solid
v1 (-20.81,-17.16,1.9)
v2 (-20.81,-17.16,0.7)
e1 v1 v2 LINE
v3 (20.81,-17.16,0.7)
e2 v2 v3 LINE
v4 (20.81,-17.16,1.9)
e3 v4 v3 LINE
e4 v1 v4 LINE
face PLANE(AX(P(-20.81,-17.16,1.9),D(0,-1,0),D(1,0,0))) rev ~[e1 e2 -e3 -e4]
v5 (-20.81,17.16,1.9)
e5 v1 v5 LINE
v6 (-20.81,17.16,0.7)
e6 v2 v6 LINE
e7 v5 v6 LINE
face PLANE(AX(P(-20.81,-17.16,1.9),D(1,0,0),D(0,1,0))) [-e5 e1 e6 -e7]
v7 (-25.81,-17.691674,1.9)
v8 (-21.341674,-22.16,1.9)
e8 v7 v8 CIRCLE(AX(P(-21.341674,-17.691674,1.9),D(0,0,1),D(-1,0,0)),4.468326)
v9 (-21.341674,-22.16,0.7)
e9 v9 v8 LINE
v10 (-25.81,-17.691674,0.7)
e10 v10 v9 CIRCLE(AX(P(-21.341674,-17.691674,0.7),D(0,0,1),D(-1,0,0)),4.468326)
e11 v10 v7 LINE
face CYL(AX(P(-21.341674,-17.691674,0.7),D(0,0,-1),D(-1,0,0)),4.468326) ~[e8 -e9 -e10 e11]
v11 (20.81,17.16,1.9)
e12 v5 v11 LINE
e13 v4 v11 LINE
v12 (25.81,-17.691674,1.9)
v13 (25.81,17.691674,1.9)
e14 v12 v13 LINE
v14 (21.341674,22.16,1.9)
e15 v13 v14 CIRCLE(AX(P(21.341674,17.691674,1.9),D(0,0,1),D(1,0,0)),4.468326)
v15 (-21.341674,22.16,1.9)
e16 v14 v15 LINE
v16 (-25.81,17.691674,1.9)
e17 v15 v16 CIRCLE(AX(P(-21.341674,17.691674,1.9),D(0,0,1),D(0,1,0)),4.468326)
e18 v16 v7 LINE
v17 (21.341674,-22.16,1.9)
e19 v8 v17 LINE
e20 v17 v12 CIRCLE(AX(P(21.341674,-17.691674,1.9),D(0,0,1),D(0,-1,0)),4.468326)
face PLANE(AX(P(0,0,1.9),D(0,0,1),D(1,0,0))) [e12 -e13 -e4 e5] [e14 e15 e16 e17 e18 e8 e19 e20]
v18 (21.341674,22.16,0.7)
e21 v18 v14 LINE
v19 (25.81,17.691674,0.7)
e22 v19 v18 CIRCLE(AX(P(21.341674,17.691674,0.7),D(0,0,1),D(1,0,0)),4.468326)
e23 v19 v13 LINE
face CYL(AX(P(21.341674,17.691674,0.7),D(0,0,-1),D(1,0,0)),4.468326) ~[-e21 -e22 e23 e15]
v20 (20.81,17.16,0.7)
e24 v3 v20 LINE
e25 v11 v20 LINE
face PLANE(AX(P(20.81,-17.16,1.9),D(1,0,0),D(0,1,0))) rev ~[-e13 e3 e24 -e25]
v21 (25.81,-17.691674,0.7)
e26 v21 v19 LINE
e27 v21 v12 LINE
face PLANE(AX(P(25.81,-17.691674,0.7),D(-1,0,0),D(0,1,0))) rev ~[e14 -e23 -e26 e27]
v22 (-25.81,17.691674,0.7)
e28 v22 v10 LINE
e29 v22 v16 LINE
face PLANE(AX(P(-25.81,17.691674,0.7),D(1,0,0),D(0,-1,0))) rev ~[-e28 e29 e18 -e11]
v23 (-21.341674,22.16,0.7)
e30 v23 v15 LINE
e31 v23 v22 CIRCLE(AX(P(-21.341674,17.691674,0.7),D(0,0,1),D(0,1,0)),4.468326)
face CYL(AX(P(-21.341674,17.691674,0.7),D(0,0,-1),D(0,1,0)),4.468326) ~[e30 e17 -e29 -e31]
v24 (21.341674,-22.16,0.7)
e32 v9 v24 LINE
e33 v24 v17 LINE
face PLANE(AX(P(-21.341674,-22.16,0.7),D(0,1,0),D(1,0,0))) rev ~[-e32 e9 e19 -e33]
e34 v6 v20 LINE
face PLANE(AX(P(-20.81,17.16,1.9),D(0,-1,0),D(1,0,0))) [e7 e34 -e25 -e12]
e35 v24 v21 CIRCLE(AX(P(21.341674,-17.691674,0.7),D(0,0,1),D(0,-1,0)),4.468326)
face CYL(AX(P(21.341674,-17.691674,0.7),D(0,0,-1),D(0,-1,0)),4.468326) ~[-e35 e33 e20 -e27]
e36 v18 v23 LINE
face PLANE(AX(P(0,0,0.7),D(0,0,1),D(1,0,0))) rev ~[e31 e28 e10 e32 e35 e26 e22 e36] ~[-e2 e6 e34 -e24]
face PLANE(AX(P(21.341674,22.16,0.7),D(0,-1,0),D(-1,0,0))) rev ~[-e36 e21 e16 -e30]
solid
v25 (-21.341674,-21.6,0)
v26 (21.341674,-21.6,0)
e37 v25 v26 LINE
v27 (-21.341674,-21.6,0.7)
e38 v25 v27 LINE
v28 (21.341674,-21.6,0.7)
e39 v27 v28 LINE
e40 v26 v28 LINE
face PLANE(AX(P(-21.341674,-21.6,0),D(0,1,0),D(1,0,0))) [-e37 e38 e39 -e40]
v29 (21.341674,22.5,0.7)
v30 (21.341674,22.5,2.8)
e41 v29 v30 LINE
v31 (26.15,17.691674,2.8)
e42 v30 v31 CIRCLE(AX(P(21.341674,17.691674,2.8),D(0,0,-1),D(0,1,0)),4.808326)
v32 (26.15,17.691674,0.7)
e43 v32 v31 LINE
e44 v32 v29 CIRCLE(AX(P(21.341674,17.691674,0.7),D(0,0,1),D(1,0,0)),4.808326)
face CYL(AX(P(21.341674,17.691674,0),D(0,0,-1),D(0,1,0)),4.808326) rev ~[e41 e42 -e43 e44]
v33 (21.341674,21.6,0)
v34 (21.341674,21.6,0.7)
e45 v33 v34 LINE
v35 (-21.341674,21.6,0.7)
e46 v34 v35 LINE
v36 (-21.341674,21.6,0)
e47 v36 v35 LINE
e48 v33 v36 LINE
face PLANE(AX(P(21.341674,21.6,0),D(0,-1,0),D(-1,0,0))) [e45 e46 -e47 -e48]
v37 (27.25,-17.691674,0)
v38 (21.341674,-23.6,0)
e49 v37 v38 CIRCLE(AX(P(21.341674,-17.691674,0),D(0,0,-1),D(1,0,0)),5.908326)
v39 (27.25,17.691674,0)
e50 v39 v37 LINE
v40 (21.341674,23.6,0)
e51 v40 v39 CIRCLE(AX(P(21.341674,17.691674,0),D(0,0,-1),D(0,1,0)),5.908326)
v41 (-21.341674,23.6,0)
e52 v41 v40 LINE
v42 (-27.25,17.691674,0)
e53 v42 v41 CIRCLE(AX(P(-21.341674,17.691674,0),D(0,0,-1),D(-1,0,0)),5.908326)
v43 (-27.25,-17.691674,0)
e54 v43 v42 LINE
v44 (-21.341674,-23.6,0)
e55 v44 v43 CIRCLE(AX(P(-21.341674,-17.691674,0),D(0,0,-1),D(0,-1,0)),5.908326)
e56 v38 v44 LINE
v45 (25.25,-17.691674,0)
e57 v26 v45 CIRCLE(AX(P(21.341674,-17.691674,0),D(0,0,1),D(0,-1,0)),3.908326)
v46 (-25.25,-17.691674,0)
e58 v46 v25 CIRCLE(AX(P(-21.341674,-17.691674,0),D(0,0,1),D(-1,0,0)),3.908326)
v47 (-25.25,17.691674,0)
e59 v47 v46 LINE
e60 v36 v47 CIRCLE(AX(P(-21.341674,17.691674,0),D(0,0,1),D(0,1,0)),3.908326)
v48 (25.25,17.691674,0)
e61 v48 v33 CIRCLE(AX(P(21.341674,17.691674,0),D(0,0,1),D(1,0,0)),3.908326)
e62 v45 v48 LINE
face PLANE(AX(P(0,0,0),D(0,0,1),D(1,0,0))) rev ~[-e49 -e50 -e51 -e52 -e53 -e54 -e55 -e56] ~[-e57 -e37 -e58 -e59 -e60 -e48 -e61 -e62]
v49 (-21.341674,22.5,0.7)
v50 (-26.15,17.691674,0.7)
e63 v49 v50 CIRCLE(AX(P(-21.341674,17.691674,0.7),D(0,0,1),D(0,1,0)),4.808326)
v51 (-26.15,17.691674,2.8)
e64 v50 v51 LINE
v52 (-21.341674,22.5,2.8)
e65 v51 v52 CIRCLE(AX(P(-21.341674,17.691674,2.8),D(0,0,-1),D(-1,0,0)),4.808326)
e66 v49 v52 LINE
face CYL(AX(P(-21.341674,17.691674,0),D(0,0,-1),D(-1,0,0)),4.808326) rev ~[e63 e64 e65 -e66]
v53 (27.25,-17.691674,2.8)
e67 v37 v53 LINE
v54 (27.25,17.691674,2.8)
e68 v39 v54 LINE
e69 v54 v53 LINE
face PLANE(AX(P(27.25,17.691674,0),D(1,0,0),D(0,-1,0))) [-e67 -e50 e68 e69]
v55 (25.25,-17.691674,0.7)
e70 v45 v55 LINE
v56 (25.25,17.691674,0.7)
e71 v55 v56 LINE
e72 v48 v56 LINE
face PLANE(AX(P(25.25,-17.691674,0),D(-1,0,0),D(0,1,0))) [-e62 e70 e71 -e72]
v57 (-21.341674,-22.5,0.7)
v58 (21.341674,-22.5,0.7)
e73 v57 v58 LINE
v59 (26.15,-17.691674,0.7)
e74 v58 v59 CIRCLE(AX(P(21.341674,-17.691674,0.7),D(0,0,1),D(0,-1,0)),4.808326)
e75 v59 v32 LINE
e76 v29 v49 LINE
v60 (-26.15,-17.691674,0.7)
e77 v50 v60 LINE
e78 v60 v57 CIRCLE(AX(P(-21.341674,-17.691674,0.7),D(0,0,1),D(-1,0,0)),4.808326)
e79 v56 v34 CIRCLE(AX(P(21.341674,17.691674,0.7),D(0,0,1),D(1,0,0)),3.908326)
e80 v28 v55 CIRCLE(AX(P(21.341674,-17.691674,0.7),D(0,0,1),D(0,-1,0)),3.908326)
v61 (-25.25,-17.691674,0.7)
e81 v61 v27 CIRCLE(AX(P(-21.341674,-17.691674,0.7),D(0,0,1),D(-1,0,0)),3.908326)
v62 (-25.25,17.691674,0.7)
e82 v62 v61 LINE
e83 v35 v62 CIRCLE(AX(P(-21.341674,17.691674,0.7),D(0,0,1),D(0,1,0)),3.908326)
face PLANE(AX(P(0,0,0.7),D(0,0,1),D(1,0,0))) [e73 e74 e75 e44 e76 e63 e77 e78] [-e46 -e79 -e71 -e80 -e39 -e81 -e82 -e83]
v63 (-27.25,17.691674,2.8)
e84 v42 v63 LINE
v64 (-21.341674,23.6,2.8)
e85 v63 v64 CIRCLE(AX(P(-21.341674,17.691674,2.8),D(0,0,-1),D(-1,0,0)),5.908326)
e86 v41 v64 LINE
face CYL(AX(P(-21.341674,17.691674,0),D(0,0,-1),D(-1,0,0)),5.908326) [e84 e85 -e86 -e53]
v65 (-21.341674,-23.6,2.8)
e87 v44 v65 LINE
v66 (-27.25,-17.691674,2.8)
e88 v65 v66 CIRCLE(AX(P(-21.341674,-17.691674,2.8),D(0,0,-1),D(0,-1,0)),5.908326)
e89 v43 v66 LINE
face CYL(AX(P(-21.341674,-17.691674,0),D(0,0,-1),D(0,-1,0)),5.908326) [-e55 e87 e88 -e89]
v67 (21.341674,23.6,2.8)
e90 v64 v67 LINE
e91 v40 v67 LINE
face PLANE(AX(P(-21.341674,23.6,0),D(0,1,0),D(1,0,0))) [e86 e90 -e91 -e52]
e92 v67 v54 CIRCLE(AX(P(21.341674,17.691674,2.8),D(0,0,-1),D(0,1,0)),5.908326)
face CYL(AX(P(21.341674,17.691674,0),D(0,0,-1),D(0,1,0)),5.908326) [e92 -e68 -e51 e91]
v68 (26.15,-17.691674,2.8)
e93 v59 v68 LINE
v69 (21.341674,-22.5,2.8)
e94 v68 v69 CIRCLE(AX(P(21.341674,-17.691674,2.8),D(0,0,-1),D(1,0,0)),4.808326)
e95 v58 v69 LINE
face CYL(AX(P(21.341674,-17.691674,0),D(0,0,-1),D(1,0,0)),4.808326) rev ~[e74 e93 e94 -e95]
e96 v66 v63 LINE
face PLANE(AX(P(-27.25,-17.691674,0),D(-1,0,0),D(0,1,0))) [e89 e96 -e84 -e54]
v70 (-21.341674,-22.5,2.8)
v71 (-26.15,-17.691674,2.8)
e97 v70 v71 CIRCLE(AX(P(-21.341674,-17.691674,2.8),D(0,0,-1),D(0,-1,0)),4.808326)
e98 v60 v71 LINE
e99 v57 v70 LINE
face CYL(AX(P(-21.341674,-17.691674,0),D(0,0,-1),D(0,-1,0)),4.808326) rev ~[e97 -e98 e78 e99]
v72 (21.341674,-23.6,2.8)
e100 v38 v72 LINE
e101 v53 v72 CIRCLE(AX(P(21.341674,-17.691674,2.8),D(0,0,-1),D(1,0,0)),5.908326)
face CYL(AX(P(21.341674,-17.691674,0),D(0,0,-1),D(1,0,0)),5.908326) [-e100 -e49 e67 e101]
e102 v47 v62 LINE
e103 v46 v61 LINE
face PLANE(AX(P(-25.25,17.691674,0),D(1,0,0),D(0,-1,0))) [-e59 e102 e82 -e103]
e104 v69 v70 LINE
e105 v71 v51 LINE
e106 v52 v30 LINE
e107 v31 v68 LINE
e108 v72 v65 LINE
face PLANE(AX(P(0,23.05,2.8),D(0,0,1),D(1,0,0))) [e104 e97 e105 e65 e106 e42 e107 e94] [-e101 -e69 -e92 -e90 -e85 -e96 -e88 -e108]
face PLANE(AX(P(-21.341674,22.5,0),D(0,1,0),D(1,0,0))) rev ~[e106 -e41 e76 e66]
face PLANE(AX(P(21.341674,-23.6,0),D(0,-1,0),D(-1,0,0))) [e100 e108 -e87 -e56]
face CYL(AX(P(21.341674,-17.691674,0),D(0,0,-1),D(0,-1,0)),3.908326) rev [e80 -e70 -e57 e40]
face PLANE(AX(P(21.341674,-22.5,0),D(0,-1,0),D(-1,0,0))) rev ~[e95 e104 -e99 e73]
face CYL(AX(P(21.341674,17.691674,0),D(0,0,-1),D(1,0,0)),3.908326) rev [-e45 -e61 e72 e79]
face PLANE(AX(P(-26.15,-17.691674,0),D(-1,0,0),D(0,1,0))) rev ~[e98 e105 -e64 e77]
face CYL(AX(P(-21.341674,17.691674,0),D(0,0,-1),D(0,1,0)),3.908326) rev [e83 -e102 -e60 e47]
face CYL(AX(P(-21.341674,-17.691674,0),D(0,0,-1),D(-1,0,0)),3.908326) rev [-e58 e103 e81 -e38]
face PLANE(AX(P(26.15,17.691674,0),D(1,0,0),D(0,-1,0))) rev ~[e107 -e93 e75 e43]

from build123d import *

# Parameters (mm, degrees)
SURFACE_EXTRUDE1_1_DEPTH = 2.8
THICKEN1_T1              = 1.1
BOSS_EXTRUDE1_DEPTH      = 0.7
BOSS_EXTRUDE2_DEPTH      = 1.2
SKETCH5_W                = 41.62
SKETCH5_H                = 34.32
CUT_EXTRUDE1_DEPTH       = 37.098926577


with BuildPart() as body_1:
    # Surface-Extrude1: a surface, the sketch's curves swept straight by 2.8 mm
    with BuildLine(Plane.XY, mode=Mode.PRIVATE) as surface_extrude1_1_path:
        Line((-21.341673888, 22.5), (21.341673888, 22.5))
        ThreePointArc((21.341673888, 22.5), (24.741673888, 21.091673888), (26.15, 17.691673888))
        Line((26.15, 17.691673888), (26.15, -17.691673888))
        ThreePointArc((26.15, -17.691673888), (24.741673888, -21.091673888), (21.341673888, -22.5))
        Line((21.341673888, -22.5), (-21.341673888, -22.5))
        ThreePointArc((-21.341673888, -22.5), (-24.741673888, -21.091673888), (-26.15, -17.691673888))
        Line((-26.15, -17.691673888), (-26.15, 17.691673888))
        ThreePointArc((-26.15, 17.691673888), (-24.741673888, 21.091673888), (-21.341673888, 22.5))
    surface_extrude1_1 = Shell.extrude(surface_extrude1_1_path.wire(), (0 * SURFACE_EXTRUDE1_1_DEPTH, 0 * SURFACE_EXTRUDE1_1_DEPTH, 1 * SURFACE_EXTRUDE1_1_DEPTH))
    add(Solid.thicken(surface_extrude1_1, THICKEN1_T1))

    # Sketch3 → Boss-Extrude1 (add)
    with BuildSketch(Plane(origin=(0, 0, 0), x_dir=(-1, 0, 0), z_dir=(0, 0, -1))):
        with BuildLine():
            Line((-21.341673888, 22.5), (21.341673888, 22.5))
            ThreePointArc((21.341673888, 22.5), (24.741673888, 21.091673888), (26.15, 17.691673888))
            Line((26.15, 17.691673888), (26.15, -17.691673888))
            ThreePointArc((26.15, -17.691673888), (24.741673888, -21.091673888), (21.341673888, -22.5))
            Line((21.341673888, -22.5), (-21.341673888, -22.5))
            ThreePointArc((-21.341673888, -22.5), (-24.741673888, -21.091673888), (-26.15, -17.691673888))
            Line((-26.15, -17.691673888), (-26.15, 17.691673888))
            ThreePointArc((-26.15, 17.691673888), (-24.741673888, 21.091673888), (-21.341673888, 22.5))
        make_face()
        with BuildLine():
            Line((25.25, 17.691673888), (25.25, -17.691673888))
            ThreePointArc((25.25, -17.691673888), (24.105277785, -20.455277785), (21.341673888, -21.6))
            Line((21.341673888, -21.6), (-21.341673888, -21.6))
            ThreePointArc((-21.341673888, -21.6), (-24.105277785, -20.455277785), (-25.25, -17.691673888))
            Line((-25.25, -17.691673888), (-25.25, 17.691673888))
            ThreePointArc((-25.25, 17.691673888), (-24.105277785, 20.455277785), (-21.341673888, 21.6))
            Line((-21.341673888, 21.6), (21.341673888, 21.6))
            ThreePointArc((21.341673888, 21.6), (24.105277785, 20.455277785), (25.25, 17.691673888))
        make_face(mode=Mode.SUBTRACT)
    extrude(amount=-BOSS_EXTRUDE1_DEPTH)


with BuildPart() as body_2:
    # Sketch4 → Boss-Extrude2 (new body)
    with BuildSketch(Plane.XY.offset(0.7)):
        with BuildLine():
            Line((-25.81, 17.691673888), (-25.81, -17.691673888))
            ThreePointArc((-25.81, -17.691673888), (-24.501257582, -20.851257582), (-21.341673888, -22.16))
            Line((-21.341673888, -22.16), (21.341673888, -22.16))
            ThreePointArc((21.341673888, -22.16), (24.501257582, -20.851257582), (25.81, -17.691673888))
            Line((25.81, -17.691673888), (25.81, 17.691673888))
            ThreePointArc((25.81, 17.691673888), (24.501257582, 20.851257582), (21.341673888, 22.16))
            Line((21.341673888, 22.16), (-21.341673888, 22.16))
            ThreePointArc((-21.341673888, 22.16), (-24.501257582, 20.851257582), (-25.81, 17.691673888))
        make_face()
    extrude(amount=BOSS_EXTRUDE2_DEPTH)

    # Sketch5 → Cut-Extrude1 (cut, through all)
    with BuildSketch(Plane.XY.offset(1.9)):
        Rectangle(SKETCH5_W, SKETCH5_H)
    extrude(amount=-CUT_EXTRUDE1_DEPTH, mode=Mode.SUBTRACT)


solid = Compound([body_1.part, body_2.part])
